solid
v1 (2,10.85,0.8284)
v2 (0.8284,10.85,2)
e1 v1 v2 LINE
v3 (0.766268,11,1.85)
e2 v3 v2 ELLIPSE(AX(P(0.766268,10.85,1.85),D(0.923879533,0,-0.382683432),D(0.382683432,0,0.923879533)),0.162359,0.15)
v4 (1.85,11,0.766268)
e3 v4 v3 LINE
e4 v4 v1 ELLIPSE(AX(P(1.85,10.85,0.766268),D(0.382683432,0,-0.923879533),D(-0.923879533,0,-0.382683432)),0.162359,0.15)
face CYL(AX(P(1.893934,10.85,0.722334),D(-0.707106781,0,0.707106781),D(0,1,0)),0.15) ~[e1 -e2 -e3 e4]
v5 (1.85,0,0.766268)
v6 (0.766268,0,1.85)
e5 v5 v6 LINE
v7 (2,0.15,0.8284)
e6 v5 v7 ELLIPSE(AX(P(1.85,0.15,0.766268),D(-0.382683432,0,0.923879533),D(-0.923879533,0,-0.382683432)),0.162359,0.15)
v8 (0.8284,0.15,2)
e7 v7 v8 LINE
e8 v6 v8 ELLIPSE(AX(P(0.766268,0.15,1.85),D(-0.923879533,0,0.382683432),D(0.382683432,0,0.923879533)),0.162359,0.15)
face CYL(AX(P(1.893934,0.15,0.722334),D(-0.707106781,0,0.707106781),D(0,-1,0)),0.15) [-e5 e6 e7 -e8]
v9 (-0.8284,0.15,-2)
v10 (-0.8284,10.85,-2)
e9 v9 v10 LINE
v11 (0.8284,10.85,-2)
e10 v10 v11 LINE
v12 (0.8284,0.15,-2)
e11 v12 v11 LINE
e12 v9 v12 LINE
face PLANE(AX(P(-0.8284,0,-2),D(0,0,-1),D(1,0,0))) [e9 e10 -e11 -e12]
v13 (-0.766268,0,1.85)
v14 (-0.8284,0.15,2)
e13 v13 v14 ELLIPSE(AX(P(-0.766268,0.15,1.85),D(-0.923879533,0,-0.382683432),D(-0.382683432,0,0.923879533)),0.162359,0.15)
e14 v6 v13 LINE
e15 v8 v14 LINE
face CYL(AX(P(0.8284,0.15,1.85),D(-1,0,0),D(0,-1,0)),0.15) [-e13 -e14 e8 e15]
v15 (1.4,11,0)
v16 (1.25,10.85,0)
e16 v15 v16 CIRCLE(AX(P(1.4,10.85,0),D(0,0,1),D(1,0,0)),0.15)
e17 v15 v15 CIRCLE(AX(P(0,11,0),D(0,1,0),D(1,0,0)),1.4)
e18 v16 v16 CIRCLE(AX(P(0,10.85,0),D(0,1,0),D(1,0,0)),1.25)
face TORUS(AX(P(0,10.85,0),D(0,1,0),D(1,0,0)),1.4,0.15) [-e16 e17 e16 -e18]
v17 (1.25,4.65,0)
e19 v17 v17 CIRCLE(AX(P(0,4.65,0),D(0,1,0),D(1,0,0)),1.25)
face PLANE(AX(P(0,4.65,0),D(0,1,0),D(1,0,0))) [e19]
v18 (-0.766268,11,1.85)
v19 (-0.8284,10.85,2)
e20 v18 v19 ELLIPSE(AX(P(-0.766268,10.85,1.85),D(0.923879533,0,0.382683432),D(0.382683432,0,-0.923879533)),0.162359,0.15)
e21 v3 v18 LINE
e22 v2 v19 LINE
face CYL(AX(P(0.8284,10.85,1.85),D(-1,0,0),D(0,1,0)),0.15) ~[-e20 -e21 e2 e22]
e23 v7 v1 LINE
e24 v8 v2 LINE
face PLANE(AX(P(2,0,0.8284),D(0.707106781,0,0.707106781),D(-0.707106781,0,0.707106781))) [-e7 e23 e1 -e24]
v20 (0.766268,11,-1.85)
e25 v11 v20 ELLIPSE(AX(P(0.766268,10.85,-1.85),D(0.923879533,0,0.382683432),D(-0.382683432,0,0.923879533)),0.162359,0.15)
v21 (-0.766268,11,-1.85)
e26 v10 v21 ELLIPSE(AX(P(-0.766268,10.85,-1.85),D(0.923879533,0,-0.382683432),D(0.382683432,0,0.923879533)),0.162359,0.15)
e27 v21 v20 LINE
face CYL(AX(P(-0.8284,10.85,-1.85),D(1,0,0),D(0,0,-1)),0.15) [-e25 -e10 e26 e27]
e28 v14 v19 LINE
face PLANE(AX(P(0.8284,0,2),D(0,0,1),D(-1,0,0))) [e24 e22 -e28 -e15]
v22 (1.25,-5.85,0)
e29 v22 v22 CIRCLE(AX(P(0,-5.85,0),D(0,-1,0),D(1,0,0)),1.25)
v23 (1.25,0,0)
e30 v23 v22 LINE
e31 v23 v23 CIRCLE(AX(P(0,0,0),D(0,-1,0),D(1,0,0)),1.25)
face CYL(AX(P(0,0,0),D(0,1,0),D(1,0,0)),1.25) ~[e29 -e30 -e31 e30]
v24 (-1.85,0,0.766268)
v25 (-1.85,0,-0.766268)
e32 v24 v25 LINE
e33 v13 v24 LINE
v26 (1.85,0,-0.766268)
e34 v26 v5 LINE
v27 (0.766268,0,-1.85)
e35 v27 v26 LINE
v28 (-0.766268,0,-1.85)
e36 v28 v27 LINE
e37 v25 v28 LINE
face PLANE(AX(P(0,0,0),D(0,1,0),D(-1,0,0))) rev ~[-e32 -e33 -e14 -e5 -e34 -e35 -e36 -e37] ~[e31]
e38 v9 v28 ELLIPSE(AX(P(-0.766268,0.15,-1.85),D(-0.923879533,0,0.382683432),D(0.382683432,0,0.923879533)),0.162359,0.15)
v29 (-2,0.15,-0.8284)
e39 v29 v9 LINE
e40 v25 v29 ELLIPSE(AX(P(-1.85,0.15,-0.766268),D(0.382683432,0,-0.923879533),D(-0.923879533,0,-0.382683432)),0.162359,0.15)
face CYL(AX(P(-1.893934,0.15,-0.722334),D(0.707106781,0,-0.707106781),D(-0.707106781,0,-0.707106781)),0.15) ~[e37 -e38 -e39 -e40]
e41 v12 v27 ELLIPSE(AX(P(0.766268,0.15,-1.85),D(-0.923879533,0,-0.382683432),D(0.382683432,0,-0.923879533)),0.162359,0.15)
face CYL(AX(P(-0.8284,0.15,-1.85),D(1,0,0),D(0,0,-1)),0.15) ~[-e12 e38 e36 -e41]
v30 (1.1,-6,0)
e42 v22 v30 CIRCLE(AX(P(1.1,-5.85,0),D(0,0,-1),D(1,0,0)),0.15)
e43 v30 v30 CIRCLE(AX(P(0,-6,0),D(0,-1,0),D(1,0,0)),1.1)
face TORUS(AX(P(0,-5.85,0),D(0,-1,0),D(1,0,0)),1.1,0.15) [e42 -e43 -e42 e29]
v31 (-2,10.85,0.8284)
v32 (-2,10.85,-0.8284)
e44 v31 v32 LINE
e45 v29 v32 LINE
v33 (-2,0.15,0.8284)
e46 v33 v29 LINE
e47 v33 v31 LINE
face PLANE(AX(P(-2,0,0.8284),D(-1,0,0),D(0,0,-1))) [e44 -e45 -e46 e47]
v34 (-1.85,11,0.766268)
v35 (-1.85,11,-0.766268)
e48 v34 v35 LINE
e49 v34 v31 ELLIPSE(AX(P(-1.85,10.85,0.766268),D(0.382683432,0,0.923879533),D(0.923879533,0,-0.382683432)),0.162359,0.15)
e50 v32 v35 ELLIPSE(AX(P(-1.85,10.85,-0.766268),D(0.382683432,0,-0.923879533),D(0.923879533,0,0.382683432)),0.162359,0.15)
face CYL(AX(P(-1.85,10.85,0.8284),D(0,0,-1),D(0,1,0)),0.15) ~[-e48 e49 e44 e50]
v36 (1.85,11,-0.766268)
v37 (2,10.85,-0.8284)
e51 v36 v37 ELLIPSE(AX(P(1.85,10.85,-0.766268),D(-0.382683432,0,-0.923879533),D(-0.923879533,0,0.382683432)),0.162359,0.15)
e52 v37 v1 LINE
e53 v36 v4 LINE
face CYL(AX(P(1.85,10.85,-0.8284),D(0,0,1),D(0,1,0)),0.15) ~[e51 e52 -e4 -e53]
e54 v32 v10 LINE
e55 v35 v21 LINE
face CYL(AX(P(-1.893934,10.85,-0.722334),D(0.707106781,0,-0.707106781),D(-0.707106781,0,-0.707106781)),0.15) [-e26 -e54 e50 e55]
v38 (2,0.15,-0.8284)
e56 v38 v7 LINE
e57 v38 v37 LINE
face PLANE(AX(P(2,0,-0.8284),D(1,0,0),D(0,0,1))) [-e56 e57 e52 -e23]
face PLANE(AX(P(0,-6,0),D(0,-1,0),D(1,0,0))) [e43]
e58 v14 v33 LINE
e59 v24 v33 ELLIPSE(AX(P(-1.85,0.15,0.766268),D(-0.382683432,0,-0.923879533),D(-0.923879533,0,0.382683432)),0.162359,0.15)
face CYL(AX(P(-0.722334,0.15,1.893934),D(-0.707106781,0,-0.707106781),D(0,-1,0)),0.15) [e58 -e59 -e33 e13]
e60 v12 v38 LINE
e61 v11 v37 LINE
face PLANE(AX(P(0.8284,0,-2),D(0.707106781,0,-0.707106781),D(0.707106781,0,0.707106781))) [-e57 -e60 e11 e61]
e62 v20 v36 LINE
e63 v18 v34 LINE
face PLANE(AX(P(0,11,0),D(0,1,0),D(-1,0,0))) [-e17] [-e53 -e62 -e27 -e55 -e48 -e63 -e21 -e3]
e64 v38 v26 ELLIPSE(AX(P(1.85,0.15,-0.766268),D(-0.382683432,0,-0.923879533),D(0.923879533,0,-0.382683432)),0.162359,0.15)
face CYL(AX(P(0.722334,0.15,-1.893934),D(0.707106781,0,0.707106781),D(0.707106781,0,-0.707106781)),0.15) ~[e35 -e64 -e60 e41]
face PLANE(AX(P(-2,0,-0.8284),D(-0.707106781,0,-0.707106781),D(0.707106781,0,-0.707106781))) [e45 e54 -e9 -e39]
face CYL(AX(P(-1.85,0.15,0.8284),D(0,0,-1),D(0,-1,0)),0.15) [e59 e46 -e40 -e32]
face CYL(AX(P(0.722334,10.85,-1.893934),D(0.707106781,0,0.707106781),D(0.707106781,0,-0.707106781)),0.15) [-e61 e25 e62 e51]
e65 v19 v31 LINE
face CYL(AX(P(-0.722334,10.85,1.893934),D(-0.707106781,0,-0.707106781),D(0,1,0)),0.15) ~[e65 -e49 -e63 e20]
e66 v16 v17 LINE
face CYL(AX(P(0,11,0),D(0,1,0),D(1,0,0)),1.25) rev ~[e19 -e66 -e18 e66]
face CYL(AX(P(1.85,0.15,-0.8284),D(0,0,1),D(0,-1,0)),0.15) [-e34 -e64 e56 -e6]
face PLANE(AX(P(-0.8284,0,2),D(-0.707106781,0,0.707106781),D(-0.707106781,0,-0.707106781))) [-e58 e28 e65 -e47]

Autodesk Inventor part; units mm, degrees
ref_plane "YZ Plane" through (0, 0, 0) normal (1, 0, 0) x (0, 1, 0)
ref_plane "XZ Plane" through (0, 0, 0) normal (0, 1, 0) x (-1, 0, 0)
ref_plane "XY Plane" through (0, 0, 0) normal (0, 0, 1) x (1, 0, 0)
sketch "Sketch1" plane through (0, 0, 0) normal (0, 1, 0) x (-1, 0, 0)
  line L0 (0.8284, -2) -> (-0.8284, -2)
  line L1 (-0.8284, -2) -> (-2, -0.8284)
  line L2 (-2, -0.8284) -> (-2, 0.8284)
  line L3 (-2, 0.8284) -> (-0.8284, 2)
  line L4 (-0.8284, 2) -> (0.8284, 2)
  line L5 (0.8284, 2) -> (2, 0.8284)
  line L6 (2, 0.8284) -> (2, -0.8284)
  line L7 (2, -0.8284) -> (0.8284, -2)
  point P0 (0, 0)
  point P1 (0, -2)
  point P2 (2, 0)
  dimension "d1" = 135
  dimension "d2" = 4
extrude "Extrusion1" add sketch "Sketch1" along normal blind 11
sketch "Sketch2" plane through (0, 11, 0) normal (0, 1, 0) x (1, 0, 0)
  circle A0 centre (0, 0) radius 1.25
  dimension "d5" = 2.5
extrude "Extrusion2" cut sketch "Sketch2" against normal blind 6.35
thread "Thread1" size "M2.5x0.45" class "6H" standard "ANSI Metric M Profile" full length
sketch "Sketch3" plane through (0, 0, 0) normal (0, -1, 0) x (1, 0, 0)
  circle A0 centre (0, 0) radius 1.25
  dimension "d10" = 2.5
extrude "Extrusion3" add sketch "Sketch3" along normal blind 6
thread "Thread2" size "M2.5x0.45" class "6g" standard "ANSI Metric M Profile" full length
fillet "Fillet1" radius 0.15 16 edges at (1.4142, 11, 1.4142) (2, 11, 0) (1.4142, 11, -1.4142) (0, 11, -2) (-1.4142, 11, -1.4142) (-2, 11, 0) (-1.4142, 11, 1.4142) (0, 11, 2) (1.4142, 0, 1.4142) (0, 0, 2) (-1.4142, 0, 1.4142) (-2, 0, 0) (0, 0, -2) (1.4142, 0, -1.4142) (2, 0, 0) (-1.4142, 0, -1.4142)
fillet "Fillet2" radius 0.15 1 edges at (-1.25, -6, 0)
fillet "Fillet3" radius 0.15 1 edges at (-1.25, 11, 0)
properties part number "11mm M2.5 standoff" material "Steel, High Strength, Low Alloy"
